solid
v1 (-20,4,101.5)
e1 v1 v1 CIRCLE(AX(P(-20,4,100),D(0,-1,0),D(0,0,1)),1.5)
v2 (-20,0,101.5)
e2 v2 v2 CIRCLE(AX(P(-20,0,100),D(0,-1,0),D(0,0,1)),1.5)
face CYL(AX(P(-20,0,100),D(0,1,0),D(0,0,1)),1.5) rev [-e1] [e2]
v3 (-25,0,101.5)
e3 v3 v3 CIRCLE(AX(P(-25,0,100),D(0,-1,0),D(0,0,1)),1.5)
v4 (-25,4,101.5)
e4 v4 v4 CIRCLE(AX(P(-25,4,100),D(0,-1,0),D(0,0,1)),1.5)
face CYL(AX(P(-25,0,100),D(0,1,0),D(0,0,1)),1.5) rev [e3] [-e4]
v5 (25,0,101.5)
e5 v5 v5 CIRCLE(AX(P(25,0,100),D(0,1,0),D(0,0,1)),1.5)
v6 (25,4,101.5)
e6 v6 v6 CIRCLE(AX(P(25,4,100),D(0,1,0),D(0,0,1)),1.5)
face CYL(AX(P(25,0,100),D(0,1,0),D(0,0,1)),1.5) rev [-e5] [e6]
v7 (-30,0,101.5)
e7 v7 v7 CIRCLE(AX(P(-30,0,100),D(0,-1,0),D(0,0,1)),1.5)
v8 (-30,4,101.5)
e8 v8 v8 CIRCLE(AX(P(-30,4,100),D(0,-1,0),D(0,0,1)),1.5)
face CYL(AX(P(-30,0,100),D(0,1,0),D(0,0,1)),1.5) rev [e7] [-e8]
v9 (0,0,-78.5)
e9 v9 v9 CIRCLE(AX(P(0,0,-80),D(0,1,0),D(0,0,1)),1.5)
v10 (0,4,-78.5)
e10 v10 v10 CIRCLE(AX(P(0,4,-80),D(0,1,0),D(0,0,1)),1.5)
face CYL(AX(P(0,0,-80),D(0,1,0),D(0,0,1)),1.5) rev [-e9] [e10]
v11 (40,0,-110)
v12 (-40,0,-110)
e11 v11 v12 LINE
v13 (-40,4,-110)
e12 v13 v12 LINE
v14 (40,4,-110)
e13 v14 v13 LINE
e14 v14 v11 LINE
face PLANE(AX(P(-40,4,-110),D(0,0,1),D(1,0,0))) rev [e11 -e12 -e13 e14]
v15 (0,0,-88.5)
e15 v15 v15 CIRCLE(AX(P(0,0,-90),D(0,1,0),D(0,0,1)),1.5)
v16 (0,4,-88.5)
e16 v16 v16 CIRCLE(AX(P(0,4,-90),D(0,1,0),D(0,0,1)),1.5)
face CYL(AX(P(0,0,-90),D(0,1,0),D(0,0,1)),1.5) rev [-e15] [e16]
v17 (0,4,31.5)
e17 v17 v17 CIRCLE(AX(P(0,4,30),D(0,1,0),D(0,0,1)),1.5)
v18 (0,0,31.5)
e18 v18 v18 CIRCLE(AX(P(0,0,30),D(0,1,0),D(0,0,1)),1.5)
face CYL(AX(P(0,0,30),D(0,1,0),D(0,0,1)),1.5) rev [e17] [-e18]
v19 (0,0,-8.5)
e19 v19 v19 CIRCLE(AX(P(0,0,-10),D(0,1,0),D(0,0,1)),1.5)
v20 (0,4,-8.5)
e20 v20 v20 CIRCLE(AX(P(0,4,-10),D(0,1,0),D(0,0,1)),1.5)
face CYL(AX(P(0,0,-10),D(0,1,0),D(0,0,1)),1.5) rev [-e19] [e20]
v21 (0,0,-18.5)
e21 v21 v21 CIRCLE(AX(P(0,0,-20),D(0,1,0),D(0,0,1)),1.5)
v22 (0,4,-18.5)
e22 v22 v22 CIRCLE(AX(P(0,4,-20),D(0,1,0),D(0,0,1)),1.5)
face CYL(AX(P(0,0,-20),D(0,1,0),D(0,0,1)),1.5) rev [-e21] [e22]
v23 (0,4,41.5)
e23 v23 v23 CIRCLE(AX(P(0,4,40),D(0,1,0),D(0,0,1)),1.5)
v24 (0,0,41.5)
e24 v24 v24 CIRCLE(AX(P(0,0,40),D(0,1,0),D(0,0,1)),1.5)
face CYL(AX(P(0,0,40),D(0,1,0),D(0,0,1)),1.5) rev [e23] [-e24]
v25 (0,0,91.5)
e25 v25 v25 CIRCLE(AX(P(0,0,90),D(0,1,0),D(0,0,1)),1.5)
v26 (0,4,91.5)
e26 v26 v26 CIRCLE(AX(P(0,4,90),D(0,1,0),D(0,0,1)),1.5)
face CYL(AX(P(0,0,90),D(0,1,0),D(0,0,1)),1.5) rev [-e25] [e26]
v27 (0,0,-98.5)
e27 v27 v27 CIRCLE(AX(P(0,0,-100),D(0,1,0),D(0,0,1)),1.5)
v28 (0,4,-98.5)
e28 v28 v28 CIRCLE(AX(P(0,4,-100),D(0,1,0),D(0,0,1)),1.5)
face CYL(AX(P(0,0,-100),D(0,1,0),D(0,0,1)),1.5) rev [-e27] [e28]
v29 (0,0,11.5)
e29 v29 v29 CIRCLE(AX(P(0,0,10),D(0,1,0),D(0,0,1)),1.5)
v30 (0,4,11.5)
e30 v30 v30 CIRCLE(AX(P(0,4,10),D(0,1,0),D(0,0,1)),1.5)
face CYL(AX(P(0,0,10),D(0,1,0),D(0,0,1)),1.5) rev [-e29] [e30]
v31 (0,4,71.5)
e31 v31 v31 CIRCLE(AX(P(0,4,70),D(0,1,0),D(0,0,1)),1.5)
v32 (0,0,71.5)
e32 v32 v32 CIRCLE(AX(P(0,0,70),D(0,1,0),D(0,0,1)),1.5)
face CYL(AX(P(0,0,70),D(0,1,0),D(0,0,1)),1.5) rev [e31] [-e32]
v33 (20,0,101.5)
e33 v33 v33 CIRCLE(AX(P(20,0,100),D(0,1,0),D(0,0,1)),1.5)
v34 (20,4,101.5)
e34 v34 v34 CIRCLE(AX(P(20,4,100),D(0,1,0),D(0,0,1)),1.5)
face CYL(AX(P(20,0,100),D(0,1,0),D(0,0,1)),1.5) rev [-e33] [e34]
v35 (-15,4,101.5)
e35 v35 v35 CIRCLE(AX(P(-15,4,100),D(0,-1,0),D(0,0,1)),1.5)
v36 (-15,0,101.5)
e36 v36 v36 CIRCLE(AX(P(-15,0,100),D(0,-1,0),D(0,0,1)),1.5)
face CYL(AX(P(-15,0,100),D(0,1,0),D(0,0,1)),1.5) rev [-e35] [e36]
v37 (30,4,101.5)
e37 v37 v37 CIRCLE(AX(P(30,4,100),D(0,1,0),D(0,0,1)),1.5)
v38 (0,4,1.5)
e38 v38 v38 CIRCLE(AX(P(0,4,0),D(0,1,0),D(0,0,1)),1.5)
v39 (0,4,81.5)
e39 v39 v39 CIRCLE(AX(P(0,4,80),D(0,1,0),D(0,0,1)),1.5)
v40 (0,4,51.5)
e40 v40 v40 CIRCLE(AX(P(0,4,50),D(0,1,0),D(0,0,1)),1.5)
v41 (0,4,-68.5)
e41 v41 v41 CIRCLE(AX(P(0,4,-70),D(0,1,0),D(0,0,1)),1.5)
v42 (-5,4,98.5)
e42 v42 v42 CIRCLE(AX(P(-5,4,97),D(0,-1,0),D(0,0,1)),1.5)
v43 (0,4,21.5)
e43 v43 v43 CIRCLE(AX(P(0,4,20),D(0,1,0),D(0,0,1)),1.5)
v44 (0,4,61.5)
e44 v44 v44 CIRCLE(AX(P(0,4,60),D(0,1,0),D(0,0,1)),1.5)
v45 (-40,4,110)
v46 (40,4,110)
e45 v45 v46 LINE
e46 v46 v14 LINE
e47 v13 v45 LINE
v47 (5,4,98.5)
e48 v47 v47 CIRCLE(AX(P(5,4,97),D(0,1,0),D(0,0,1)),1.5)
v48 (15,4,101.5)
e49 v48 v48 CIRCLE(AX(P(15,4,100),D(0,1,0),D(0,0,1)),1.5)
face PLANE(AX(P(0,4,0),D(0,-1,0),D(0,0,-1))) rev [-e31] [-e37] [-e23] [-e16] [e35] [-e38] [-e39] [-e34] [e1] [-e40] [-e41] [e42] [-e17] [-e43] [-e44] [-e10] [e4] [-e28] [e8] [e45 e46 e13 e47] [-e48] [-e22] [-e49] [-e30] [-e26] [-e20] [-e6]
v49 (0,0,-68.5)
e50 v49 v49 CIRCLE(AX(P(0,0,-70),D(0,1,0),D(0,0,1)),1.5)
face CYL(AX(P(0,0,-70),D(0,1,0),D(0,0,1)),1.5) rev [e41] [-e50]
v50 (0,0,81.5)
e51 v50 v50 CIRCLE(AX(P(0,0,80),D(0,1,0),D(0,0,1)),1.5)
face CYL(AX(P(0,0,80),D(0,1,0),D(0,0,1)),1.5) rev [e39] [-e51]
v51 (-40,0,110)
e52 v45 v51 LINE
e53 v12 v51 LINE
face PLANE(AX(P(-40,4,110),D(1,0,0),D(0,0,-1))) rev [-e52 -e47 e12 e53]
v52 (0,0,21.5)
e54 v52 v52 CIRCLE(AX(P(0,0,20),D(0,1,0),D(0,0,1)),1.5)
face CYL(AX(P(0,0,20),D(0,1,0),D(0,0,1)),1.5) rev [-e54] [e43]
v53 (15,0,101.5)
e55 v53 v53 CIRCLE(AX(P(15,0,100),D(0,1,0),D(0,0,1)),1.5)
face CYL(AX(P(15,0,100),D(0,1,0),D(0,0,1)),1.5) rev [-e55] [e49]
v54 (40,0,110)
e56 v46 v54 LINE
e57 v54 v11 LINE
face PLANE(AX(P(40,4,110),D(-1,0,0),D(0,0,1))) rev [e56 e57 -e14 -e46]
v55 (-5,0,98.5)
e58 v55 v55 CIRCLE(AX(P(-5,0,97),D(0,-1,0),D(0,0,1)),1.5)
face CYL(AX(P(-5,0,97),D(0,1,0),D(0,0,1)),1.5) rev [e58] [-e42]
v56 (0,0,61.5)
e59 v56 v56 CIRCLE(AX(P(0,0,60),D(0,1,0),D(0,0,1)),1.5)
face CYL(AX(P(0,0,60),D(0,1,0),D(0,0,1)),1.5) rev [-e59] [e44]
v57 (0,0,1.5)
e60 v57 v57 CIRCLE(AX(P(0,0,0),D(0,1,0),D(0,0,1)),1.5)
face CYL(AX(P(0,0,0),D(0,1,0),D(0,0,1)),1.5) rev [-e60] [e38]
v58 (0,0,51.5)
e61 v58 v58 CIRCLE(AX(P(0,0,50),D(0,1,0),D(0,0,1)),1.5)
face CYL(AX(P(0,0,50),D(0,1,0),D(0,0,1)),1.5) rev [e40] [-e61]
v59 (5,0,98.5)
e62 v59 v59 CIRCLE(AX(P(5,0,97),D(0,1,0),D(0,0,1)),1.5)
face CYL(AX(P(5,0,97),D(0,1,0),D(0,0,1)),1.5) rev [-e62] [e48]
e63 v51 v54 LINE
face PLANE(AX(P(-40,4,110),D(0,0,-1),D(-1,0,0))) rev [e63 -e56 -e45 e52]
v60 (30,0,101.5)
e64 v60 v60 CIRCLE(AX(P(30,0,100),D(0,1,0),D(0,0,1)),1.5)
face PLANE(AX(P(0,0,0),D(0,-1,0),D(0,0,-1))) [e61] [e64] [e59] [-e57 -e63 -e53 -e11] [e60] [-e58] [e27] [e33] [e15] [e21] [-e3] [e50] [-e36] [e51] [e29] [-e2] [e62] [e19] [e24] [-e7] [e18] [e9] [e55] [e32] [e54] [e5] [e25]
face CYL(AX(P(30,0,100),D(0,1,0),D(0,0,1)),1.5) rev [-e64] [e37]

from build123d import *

# Parameters (mm, degrees)
SKETCH2_W           = 80
SKETCH2_H           = 220
MAIN_PLATE_DEPTH    = 4
SKETCH3_R           = 1.5
ELBOW_HOLES_DEPTH   = 5
SKETCH4_R           = 1.5
PIN_HOLES_DEPTH     = 5
SKETCH5_R           = 1.5
STOPPER_HOLES_DEPTH = 5
SKETCH6_R           = 1.5
SPOOL_HOLES_DEPTH   = 5


with BuildPart() as part:
    # Sketch2 → main_plate (new body)
    with BuildSketch(Plane(origin=(0, 0, 0), x_dir=(1, 0, 0), z_dir=(0, 1, 0))):
        Rectangle(SKETCH2_W, SKETCH2_H)
    extrude(amount=MAIN_PLATE_DEPTH)

    # Sketch3 → elbow_holes (cut, through all)
    with BuildSketch(Plane(origin=(0, 4, 0), x_dir=(1, 0, 0), z_dir=(0, 1, 0))):
        with Locations((30, -100)):
            Circle(SKETCH3_R)
        with Locations((25, -100)):
            Circle(SKETCH3_R)
        with Locations((20, -100)):
            Circle(SKETCH3_R)
        with Locations((15, -100)):
            Circle(SKETCH3_R)
    elbow_holes = extrude(amount=-ELBOW_HOLES_DEPTH, mode=Mode.SUBTRACT)

    # elbow_mirror: elbow_holes across plane
    add(elbow_holes.mirror(Plane(origin=(0, 0, 0), x_dir=(0, 0, 1), z_dir=(1, 0, 0))), mode=Mode.SUBTRACT)

    # Sketch4 → pin_holes (cut, through all)
    with BuildSketch(Plane(origin=(0, 4, 0), x_dir=(1, 0, 0), z_dir=(0, 1, 0))):
        with Locations((0, -90)):
            Circle(SKETCH4_R)
        with Locations((0, -80)):
            Circle(SKETCH4_R)
        with Locations((0, -70)):
            Circle(SKETCH4_R)
        with Locations((0, -60)):
            Circle(SKETCH4_R)
        with Locations((0, -50)):
            Circle(SKETCH4_R)
        with Locations((0, -40)):
            Circle(SKETCH4_R)
        with Locations((0, -30)):
            Circle(SKETCH4_R)
        with Locations((0, -20)):
            Circle(SKETCH4_R)
        with Locations((0, -10)):
            Circle(SKETCH4_R)
        Circle(SKETCH4_R)
        with Locations((0, 10)):
            Circle(SKETCH4_R)
        with Locations((0, 20)):
            Circle(SKETCH4_R)
    extrude(amount=-PIN_HOLES_DEPTH, mode=Mode.SUBTRACT)

    # Sketch5 → stopper_holes (cut, through all)
    with BuildSketch(Plane(origin=(0, 4, 0), x_dir=(1, 0, 0), z_dir=(0, 1, 0))):
        with Locations((5, -97)):
            Circle(SKETCH5_R)
    stopper_holes = extrude(amount=-STOPPER_HOLES_DEPTH, mode=Mode.SUBTRACT)

    # stopper_mirror: stopper_holes across plane
    add(stopper_holes.mirror(Plane(origin=(0, 0, 0), x_dir=(0, 0, 1), z_dir=(1, 0, 0))), mode=Mode.SUBTRACT)

    # Sketch6 → spool_holes (cut, through all)
    with BuildSketch(Plane(origin=(0, 4, 0), x_dir=(1, 0, 0), z_dir=(0, 1, 0))):
        with Locations((0, 70)):
            Circle(SKETCH6_R)
        with Locations((0, 80)):
            Circle(SKETCH6_R)
        with Locations((0, 90)):
            Circle(SKETCH6_R)
        with Locations((0, 100)):
            Circle(SKETCH6_R)
    extrude(amount=-SPOOL_HOLES_DEPTH, mode=Mode.SUBTRACT)


solid = part.part
